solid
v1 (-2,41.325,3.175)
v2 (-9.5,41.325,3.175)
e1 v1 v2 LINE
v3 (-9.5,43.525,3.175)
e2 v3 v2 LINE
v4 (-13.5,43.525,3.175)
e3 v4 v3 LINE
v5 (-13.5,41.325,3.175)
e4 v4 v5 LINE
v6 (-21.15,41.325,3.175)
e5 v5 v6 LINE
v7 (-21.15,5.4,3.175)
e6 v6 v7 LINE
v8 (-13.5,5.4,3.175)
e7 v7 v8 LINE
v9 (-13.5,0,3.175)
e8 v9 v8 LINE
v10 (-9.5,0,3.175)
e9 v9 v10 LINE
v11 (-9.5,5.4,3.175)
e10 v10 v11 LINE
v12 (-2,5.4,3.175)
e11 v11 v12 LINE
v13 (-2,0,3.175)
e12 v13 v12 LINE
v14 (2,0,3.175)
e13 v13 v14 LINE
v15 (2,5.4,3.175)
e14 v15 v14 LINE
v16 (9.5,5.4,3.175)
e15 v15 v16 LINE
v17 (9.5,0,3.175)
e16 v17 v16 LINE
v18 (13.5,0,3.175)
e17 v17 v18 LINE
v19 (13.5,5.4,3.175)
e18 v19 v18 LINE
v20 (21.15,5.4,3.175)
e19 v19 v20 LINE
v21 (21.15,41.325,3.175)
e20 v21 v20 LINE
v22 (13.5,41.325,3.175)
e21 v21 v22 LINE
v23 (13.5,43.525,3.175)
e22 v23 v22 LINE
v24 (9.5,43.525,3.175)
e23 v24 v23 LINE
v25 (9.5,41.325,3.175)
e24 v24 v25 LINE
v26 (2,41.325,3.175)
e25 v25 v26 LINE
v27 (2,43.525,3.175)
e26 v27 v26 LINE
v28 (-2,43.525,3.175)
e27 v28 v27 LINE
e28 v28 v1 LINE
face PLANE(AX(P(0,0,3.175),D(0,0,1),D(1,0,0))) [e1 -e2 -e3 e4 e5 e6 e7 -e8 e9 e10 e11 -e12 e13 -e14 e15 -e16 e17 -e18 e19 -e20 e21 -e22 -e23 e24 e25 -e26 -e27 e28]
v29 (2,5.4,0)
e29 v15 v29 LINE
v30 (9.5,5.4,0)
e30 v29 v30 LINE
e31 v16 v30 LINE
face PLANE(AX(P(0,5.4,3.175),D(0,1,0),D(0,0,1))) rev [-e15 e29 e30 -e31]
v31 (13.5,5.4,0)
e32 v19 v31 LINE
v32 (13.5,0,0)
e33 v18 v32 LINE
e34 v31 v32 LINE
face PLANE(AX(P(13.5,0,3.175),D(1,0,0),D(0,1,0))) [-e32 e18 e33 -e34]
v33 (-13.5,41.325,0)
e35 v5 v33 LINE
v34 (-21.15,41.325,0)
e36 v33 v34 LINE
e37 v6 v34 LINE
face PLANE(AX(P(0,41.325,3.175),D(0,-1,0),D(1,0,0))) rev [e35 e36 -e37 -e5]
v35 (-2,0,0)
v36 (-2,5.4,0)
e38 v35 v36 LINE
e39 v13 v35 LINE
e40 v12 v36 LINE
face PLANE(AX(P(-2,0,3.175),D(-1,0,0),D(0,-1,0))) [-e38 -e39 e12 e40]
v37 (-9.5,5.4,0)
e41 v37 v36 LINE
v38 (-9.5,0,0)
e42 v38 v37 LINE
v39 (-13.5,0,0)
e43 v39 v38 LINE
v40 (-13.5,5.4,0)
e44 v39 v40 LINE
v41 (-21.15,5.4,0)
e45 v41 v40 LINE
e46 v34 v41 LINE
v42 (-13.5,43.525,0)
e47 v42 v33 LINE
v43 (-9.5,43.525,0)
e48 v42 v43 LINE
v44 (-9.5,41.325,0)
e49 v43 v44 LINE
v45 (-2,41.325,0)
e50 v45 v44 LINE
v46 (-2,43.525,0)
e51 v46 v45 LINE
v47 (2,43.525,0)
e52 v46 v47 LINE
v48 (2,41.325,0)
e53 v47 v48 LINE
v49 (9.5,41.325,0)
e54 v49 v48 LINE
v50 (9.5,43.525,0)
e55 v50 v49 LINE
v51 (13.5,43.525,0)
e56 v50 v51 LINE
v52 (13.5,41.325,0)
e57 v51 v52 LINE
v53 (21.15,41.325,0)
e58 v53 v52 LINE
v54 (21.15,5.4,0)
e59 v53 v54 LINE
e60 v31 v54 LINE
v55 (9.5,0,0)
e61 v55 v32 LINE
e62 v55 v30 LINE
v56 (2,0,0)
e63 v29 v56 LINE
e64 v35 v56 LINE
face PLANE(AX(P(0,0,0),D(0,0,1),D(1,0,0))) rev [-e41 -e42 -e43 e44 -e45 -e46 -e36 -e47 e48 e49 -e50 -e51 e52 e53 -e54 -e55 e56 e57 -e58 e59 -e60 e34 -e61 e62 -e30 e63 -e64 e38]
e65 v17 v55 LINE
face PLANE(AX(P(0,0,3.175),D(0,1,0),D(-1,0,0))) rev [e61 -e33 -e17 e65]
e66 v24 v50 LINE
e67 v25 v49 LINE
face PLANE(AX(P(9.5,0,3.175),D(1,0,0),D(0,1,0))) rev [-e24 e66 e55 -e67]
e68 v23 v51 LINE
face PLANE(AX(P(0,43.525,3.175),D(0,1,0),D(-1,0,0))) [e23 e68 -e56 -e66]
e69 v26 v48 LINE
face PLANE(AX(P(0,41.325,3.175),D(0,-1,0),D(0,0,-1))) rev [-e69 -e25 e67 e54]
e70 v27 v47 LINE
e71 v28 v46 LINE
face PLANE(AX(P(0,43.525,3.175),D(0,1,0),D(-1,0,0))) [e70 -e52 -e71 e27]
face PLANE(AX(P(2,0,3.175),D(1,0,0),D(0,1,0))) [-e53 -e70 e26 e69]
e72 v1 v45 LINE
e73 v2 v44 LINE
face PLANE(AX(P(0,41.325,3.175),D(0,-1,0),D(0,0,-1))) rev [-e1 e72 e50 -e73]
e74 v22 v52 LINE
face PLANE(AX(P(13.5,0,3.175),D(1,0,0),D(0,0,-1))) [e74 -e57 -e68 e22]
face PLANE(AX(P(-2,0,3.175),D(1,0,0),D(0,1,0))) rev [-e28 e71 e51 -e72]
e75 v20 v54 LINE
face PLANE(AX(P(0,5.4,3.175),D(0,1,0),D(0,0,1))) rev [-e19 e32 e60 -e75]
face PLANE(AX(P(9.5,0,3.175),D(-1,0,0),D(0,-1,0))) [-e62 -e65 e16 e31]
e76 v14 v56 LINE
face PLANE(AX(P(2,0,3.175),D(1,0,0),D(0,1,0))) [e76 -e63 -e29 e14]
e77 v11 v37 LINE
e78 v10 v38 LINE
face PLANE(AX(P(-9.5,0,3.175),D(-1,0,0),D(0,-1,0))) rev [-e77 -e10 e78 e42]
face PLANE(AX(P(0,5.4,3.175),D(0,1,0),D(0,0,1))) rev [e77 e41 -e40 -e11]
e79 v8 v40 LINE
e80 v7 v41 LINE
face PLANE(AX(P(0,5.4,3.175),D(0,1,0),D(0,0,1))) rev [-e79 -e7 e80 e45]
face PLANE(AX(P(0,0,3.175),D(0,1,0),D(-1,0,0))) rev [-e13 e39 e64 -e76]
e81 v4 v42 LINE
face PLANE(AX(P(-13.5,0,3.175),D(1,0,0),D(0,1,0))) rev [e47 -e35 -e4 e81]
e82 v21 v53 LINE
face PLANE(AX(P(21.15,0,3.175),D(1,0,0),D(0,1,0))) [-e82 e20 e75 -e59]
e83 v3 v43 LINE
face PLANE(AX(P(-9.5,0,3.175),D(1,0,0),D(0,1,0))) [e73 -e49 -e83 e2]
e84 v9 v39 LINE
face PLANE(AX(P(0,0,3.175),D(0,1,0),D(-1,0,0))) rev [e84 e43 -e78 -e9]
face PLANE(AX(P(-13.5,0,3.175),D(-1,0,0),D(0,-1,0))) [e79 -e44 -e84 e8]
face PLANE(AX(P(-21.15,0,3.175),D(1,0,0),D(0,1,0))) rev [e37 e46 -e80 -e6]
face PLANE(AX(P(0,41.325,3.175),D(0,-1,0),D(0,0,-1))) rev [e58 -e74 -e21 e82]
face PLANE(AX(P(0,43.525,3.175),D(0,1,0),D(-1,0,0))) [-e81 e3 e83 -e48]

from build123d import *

# Parameters (mm, degrees)
BOSS_EXTRUDE1_DEPTH = 3.175


with BuildPart() as part:
    # Sketch1 → Boss-Extrude1 (new body)
    with BuildSketch(Plane.XY):
        Polygon((-9.5, 43.525), (-13.5, 43.525), (-13.5, 41.325), (-21.15, 41.325), (-21.15, 5.4), (-13.5, 5.4), (-13.5, 0), (-9.5, 0), (-9.5, 5.4), (-2, 5.4), (-2, 0), (2, 0), (2, 5.4), (9.5, 5.4), (9.5, 0), (13.5, 0), (13.5, 5.4), (21.15, 5.4), (21.15, 41.325), (13.5, 41.325), (13.5, 43.525), (9.5, 43.525), (9.5, 41.325), (2, 41.325), (2, 43.525), (-2, 43.525), (-2, 41.325), (-9.5, 41.325), align=None)
    extrude(amount=BOSS_EXTRUDE1_DEPTH)


solid = part.part
